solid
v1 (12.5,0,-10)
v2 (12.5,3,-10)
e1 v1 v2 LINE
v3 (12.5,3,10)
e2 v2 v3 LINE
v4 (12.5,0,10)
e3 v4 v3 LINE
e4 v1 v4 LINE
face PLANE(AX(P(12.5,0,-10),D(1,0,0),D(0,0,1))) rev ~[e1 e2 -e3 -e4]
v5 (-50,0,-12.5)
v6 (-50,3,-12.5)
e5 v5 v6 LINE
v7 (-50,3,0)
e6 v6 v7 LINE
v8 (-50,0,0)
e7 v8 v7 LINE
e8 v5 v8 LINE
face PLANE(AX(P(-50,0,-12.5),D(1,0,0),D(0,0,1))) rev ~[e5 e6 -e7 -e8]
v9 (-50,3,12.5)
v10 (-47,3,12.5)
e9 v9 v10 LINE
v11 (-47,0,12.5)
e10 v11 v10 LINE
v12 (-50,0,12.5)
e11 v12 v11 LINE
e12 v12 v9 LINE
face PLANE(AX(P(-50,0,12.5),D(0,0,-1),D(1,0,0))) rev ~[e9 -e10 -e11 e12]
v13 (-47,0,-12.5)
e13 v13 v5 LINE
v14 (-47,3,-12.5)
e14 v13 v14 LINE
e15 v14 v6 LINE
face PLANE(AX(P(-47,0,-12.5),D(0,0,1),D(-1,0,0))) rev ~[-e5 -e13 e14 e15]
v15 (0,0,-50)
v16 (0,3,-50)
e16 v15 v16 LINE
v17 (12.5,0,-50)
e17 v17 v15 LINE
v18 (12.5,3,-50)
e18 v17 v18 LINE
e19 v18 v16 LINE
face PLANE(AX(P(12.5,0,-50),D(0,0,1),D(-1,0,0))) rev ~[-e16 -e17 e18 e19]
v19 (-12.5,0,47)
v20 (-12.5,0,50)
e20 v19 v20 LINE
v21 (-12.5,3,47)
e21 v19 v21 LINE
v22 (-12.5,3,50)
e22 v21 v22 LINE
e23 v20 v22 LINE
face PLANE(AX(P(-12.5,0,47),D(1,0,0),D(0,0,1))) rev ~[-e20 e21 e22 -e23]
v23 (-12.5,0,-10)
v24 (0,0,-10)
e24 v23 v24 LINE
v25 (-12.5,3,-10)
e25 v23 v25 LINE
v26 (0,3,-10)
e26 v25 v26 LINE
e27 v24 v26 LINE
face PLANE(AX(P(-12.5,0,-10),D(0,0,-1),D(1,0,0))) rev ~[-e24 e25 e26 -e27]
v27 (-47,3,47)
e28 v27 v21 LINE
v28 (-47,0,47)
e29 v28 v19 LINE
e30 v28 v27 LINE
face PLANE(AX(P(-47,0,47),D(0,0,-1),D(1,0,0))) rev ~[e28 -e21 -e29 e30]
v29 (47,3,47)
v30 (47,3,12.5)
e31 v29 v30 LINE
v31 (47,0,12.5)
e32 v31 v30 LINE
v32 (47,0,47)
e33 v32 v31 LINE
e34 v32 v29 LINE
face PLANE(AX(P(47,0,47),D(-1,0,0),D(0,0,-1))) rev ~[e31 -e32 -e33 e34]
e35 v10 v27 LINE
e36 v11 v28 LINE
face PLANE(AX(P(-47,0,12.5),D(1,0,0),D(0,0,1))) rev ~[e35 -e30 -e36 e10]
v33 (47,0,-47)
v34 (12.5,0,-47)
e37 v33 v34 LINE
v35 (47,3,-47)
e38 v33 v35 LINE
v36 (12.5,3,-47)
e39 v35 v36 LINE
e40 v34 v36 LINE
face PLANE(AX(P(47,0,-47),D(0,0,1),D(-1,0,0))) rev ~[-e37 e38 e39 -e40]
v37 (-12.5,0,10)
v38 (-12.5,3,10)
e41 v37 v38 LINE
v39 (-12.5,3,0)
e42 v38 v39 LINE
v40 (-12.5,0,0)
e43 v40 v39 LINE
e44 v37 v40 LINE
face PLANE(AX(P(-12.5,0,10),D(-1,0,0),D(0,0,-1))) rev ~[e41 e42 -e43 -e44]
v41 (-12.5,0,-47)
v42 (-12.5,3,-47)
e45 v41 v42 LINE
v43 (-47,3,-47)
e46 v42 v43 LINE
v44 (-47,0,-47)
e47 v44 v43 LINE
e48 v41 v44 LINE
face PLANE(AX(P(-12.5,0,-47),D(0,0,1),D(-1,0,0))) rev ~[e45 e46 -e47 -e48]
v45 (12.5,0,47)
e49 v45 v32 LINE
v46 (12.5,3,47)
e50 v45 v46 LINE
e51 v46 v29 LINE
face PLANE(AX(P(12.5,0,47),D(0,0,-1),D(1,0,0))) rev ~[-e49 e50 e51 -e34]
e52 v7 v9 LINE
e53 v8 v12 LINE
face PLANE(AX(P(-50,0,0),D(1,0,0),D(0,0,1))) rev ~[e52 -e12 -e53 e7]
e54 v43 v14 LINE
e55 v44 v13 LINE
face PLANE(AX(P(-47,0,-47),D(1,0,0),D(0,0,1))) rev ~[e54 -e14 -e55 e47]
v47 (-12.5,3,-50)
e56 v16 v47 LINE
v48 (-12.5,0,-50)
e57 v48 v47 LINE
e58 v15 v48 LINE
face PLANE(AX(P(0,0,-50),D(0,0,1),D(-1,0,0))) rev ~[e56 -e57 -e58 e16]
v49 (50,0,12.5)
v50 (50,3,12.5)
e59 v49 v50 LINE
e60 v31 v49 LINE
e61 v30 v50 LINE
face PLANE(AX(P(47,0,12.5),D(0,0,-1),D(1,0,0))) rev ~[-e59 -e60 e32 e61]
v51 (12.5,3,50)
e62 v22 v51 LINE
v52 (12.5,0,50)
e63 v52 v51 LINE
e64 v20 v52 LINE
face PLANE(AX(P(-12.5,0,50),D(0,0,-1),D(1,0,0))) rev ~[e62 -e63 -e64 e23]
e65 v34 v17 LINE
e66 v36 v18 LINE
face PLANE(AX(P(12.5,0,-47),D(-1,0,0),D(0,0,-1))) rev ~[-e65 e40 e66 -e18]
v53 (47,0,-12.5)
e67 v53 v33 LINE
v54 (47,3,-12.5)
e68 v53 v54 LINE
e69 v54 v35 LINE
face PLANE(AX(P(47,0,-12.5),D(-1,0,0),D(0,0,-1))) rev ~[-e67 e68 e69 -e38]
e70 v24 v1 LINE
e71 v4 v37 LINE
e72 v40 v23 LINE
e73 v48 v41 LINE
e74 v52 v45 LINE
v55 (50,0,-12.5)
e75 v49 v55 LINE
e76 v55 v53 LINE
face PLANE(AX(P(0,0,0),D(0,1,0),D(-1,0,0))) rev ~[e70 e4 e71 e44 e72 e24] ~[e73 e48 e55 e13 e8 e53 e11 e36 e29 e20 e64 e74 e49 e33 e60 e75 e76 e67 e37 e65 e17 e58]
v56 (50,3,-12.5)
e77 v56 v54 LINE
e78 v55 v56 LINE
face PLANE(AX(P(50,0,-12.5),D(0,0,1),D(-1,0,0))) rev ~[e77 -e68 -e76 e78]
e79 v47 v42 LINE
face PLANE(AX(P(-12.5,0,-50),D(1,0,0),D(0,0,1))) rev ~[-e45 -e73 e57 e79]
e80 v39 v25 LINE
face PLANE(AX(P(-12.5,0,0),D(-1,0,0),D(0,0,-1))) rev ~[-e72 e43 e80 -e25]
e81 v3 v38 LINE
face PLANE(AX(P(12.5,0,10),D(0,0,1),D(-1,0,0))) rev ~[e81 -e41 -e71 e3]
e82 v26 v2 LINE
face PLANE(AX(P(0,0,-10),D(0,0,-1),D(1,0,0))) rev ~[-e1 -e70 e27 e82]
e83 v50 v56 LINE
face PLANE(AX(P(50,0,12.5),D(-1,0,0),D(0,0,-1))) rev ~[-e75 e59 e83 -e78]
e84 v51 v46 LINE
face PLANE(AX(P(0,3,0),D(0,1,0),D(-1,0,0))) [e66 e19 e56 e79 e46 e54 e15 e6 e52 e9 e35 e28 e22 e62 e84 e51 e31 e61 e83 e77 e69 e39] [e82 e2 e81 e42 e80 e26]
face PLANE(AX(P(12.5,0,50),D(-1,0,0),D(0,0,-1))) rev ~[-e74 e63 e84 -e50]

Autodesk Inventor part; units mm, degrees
ref_plane "YZ Plane" through (0, 0, 0) normal (1, 0, 0) x (0, 1, 0)
ref_plane "XZ Plane" through (0, 0, 0) normal (0, 1, 0) x (-1, 0, 0)
ref_plane "XY Plane" through (0, 0, 0) normal (0, 0, 1) x (1, 0, 0)
sketch "Sketch1" plane through (0, 0, 0) normal (0, 1, 0) x (-1, 0, 0)
  line L0 (0, 0) -> (50, 0) construction
  line L1 (0, 0) -> (-50, 0) construction
  line L2 (0, 0) -> (0, 50) construction
  line L3 (0, 0) -> (0, -50) construction
  line L4 (0, -50) -> (12.5, -50)
  line L5 (12.5, -50) -> (12.5, -47)
  line L6 (12.5, -47) -> (47, -47)
  line L7 (47, -47) -> (47, -12.5)
  line L8 (47, -12.5) -> (50, -12.5)
  line L9 (50, -12.5) -> (50, 0)
  line L10 (50, 0) -> (50, 12.5)
  line L11 (50, 12.5) -> (47, 12.5)
  line L12 (47, 12.5) -> (47, 47)
  line L13 (47, 47) -> (12.5, 47)
  line L14 (12.5, 47) -> (12.5, 50)
  line L15 (12.5, 50) -> (-12.5, 50)
  line L16 (-12.5, 50) -> (-12.5, 47)
  line L17 (-12.5, 47) -> (-47, 47)
  line L18 (-47, 47) -> (-47, 12.5)
  line L19 (-47, 12.5) -> (-50, 12.5)
  line L20 (-50, 12.5) -> (-50, -12.5)
  line L21 (-50, -12.5) -> (-47, -12.5)
  line L22 (-47, -12.5) -> (-47, -47)
  line L23 (-47, -47) -> (-12.5, -47)
  line L24 (-12.5, -47) -> (-12.5, -50)
  line L25 (-12.5, -50) -> (0, -50)
  line L26 (0, 0) -> (0, 10) construction
  line L27 (0, 0) -> (0, -10)
  line L28 (0, 0) -> (12.5, 0) construction
  line L29 (12.5, 0) -> (12.5, -10)
  line L30 (12.5, -10) -> (-12.5, -10)
  line L31 (-12.5, -10) -> (-12.5, 10)
  line L32 (-12.5, 10) -> (12.5, 10)
  line L33 (12.5, 10) -> (12.5, 0)
  dimension "d0" = 50
  dimension "d1" = 50
  dimension "d2" = 50
  dimension "d3" = 50
  dimension "d4" = 12.5
  dimension "d5" = 3
  dimension "d6" = 34.5
  dimension "d7" = 34.5
  dimension "d8" = 3
  dimension "d9" = 12.5
  dimension "d10" = 3
  dimension "d11" = 34.5
  dimension "d12" = 34.5
  dimension "d13" = 3
  dimension "d14" = 25
  dimension "d15" = 3
  dimension "d16" = 34.5
  dimension "d17" = 34.5
  dimension "d18" = 3
  dimension "d19" = 25
  dimension "d20" = 3
  dimension "d21" = 34.5
  dimension "d22" = 34.5
  dimension "d23" = 3
  dimension "d24" = 10
  dimension "d25" = 10
  dimension "d26" = 12.5
  dimension "d27" = 10
  dimension "d28" = 25
  dimension "d29" = 20
  dimension "d30" = 25
extrude "Extrusion1" add sketch "Sketch1" along normal blind 3
properties part number "bolongan"
